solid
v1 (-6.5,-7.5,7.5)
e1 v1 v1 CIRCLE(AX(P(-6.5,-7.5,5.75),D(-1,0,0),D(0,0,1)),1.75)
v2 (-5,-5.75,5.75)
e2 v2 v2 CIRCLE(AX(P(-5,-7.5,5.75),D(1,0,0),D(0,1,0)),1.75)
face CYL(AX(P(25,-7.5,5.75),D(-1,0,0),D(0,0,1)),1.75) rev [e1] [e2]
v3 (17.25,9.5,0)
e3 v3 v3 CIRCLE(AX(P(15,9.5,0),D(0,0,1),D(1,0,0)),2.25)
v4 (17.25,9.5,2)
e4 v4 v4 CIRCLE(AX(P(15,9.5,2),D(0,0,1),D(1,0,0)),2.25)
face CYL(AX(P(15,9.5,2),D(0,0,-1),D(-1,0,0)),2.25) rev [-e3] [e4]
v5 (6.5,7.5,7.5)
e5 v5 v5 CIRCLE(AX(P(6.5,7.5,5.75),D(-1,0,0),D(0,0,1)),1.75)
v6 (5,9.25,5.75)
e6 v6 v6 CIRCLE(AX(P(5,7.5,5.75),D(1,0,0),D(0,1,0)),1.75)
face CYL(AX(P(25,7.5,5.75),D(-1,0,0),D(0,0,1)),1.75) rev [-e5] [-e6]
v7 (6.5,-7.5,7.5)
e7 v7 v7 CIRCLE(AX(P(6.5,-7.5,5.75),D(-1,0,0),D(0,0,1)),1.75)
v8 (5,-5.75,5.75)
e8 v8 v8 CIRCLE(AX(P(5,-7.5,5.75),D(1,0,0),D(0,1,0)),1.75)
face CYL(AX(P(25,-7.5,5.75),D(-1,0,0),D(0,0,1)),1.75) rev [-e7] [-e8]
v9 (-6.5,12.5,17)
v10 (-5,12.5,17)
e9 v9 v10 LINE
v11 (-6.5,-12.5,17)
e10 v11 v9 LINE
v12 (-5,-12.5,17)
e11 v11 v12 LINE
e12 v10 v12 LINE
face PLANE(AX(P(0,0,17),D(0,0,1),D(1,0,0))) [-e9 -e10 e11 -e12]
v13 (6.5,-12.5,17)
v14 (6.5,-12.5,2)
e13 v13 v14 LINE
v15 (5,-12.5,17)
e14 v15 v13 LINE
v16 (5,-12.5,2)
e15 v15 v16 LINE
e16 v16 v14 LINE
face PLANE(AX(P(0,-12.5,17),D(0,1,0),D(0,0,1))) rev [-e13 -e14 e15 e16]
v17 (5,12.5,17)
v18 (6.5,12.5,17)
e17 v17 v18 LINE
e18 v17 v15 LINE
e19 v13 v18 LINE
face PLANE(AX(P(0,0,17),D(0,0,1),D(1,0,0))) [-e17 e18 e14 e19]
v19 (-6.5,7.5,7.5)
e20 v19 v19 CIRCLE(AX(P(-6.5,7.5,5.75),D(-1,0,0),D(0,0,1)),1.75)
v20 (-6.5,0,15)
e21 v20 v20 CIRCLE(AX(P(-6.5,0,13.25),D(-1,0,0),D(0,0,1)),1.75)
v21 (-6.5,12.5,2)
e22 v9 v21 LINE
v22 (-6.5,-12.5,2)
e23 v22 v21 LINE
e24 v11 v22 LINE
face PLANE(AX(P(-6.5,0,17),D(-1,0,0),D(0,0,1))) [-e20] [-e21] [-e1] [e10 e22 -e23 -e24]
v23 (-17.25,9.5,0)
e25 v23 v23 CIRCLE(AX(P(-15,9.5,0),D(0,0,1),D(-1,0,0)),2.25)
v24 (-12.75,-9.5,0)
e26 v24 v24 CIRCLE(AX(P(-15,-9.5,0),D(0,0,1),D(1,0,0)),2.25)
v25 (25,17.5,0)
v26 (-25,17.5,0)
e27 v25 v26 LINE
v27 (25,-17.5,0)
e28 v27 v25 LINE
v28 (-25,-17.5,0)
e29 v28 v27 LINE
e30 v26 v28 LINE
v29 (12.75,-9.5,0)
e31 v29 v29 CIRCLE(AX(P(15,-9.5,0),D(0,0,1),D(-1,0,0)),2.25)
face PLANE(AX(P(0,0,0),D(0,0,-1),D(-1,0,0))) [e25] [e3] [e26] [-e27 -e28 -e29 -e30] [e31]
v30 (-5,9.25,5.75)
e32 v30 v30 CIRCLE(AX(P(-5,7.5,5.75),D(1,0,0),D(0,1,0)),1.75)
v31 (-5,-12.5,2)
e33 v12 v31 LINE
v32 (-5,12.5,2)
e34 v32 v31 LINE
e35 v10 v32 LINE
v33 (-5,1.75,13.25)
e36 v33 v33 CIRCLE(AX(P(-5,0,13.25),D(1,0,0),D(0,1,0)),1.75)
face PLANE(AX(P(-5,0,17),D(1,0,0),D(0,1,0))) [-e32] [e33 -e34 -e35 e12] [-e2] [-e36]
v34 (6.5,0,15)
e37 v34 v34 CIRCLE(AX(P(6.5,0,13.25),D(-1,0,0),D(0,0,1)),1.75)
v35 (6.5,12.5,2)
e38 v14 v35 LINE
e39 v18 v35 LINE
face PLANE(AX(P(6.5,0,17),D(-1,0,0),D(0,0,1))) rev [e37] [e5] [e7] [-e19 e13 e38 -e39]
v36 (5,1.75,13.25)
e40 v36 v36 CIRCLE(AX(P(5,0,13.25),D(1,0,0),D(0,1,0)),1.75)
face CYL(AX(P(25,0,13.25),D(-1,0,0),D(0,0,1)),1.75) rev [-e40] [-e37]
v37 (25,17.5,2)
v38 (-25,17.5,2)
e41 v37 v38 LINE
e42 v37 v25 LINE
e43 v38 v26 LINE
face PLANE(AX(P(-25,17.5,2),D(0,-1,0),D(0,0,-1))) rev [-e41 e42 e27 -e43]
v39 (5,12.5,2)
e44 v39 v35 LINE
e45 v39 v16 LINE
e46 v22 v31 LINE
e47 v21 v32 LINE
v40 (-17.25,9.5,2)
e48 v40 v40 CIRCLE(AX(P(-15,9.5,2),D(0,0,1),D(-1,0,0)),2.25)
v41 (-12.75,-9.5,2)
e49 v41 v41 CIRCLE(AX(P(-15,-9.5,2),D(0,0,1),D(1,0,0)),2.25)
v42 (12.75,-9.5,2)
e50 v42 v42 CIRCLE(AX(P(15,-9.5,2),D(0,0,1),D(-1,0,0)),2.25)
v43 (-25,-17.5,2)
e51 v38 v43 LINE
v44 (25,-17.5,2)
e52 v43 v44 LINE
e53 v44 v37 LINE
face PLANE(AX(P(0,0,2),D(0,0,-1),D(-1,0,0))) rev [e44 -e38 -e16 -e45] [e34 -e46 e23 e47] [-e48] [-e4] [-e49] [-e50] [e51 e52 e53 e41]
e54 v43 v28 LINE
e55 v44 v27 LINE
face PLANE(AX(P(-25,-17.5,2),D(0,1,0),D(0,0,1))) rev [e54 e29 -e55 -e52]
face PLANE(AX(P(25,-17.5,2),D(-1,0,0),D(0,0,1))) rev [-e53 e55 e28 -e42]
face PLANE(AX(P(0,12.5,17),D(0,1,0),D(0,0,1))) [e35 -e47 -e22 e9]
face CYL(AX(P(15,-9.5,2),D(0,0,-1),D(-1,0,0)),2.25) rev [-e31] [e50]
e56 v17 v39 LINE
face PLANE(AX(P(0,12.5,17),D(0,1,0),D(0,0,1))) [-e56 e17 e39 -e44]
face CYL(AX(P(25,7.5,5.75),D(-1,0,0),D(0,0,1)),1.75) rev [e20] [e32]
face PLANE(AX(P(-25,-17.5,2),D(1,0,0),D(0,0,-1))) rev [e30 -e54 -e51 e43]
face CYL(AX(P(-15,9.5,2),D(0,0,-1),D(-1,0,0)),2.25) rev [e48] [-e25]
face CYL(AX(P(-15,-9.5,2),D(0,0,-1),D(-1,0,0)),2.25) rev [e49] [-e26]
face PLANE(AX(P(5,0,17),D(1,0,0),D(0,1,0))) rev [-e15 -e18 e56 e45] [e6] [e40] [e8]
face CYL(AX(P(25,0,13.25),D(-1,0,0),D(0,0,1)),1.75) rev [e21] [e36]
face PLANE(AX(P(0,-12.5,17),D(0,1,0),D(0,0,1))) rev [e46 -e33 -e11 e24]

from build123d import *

# Parameters (mm, degrees)
SKETCH2_W           = 50
SKETCH2_H           = 35
SKETCH2_R           = 2.25
BOSS_EXTRUDE1_DEPTH = 2
SKETCH3_W           = 1.5
SKETCH3_H           = 25
BOSS_EXTRUDE2_DEPTH = 15
SKETCH4_R           = 1.75
CUT_EXTRUDE1_DEPTH  = 32.5


with BuildPart() as part:
    # Sketch2 → Boss-Extrude1 (new body)
    with BuildSketch(Plane.XY):
        Rectangle(SKETCH2_W, SKETCH2_H)
        with Locations((15, 9.5)):
            Circle(SKETCH2_R, mode=Mode.SUBTRACT)
        with Locations((-15, 9.5)):
            Circle(SKETCH2_R, mode=Mode.SUBTRACT)
        with Locations((-15, -9.5)):
            Circle(SKETCH2_R, mode=Mode.SUBTRACT)
        with Locations((15, -9.5)):
            Circle(SKETCH2_R, mode=Mode.SUBTRACT)
    extrude(amount=BOSS_EXTRUDE1_DEPTH)

    # Sketch3 → Boss-Extrude2 (add)
    with BuildSketch(Plane.XY.offset(2)):
        with Locations((-5.75, 0)):
            Rectangle(SKETCH3_W, SKETCH3_H)
        with Locations((5.75, 0)):
            Rectangle(SKETCH3_W, SKETCH3_H)
    extrude(amount=BOSS_EXTRUDE2_DEPTH)

    # Sketch4 → Cut-Extrude1 (cut, through all)
    with BuildSketch(Plane.ZY.offset(6.5)):
        with Locations((5.75, -7.5)):
            Circle(SKETCH4_R)
        with Locations((5.75, 7.5)):
            Circle(SKETCH4_R)
        with Locations((13.25, 0)):
            Circle(SKETCH4_R)
    extrude(amount=-CUT_EXTRUDE1_DEPTH, mode=Mode.SUBTRACT)


solid = part.part
